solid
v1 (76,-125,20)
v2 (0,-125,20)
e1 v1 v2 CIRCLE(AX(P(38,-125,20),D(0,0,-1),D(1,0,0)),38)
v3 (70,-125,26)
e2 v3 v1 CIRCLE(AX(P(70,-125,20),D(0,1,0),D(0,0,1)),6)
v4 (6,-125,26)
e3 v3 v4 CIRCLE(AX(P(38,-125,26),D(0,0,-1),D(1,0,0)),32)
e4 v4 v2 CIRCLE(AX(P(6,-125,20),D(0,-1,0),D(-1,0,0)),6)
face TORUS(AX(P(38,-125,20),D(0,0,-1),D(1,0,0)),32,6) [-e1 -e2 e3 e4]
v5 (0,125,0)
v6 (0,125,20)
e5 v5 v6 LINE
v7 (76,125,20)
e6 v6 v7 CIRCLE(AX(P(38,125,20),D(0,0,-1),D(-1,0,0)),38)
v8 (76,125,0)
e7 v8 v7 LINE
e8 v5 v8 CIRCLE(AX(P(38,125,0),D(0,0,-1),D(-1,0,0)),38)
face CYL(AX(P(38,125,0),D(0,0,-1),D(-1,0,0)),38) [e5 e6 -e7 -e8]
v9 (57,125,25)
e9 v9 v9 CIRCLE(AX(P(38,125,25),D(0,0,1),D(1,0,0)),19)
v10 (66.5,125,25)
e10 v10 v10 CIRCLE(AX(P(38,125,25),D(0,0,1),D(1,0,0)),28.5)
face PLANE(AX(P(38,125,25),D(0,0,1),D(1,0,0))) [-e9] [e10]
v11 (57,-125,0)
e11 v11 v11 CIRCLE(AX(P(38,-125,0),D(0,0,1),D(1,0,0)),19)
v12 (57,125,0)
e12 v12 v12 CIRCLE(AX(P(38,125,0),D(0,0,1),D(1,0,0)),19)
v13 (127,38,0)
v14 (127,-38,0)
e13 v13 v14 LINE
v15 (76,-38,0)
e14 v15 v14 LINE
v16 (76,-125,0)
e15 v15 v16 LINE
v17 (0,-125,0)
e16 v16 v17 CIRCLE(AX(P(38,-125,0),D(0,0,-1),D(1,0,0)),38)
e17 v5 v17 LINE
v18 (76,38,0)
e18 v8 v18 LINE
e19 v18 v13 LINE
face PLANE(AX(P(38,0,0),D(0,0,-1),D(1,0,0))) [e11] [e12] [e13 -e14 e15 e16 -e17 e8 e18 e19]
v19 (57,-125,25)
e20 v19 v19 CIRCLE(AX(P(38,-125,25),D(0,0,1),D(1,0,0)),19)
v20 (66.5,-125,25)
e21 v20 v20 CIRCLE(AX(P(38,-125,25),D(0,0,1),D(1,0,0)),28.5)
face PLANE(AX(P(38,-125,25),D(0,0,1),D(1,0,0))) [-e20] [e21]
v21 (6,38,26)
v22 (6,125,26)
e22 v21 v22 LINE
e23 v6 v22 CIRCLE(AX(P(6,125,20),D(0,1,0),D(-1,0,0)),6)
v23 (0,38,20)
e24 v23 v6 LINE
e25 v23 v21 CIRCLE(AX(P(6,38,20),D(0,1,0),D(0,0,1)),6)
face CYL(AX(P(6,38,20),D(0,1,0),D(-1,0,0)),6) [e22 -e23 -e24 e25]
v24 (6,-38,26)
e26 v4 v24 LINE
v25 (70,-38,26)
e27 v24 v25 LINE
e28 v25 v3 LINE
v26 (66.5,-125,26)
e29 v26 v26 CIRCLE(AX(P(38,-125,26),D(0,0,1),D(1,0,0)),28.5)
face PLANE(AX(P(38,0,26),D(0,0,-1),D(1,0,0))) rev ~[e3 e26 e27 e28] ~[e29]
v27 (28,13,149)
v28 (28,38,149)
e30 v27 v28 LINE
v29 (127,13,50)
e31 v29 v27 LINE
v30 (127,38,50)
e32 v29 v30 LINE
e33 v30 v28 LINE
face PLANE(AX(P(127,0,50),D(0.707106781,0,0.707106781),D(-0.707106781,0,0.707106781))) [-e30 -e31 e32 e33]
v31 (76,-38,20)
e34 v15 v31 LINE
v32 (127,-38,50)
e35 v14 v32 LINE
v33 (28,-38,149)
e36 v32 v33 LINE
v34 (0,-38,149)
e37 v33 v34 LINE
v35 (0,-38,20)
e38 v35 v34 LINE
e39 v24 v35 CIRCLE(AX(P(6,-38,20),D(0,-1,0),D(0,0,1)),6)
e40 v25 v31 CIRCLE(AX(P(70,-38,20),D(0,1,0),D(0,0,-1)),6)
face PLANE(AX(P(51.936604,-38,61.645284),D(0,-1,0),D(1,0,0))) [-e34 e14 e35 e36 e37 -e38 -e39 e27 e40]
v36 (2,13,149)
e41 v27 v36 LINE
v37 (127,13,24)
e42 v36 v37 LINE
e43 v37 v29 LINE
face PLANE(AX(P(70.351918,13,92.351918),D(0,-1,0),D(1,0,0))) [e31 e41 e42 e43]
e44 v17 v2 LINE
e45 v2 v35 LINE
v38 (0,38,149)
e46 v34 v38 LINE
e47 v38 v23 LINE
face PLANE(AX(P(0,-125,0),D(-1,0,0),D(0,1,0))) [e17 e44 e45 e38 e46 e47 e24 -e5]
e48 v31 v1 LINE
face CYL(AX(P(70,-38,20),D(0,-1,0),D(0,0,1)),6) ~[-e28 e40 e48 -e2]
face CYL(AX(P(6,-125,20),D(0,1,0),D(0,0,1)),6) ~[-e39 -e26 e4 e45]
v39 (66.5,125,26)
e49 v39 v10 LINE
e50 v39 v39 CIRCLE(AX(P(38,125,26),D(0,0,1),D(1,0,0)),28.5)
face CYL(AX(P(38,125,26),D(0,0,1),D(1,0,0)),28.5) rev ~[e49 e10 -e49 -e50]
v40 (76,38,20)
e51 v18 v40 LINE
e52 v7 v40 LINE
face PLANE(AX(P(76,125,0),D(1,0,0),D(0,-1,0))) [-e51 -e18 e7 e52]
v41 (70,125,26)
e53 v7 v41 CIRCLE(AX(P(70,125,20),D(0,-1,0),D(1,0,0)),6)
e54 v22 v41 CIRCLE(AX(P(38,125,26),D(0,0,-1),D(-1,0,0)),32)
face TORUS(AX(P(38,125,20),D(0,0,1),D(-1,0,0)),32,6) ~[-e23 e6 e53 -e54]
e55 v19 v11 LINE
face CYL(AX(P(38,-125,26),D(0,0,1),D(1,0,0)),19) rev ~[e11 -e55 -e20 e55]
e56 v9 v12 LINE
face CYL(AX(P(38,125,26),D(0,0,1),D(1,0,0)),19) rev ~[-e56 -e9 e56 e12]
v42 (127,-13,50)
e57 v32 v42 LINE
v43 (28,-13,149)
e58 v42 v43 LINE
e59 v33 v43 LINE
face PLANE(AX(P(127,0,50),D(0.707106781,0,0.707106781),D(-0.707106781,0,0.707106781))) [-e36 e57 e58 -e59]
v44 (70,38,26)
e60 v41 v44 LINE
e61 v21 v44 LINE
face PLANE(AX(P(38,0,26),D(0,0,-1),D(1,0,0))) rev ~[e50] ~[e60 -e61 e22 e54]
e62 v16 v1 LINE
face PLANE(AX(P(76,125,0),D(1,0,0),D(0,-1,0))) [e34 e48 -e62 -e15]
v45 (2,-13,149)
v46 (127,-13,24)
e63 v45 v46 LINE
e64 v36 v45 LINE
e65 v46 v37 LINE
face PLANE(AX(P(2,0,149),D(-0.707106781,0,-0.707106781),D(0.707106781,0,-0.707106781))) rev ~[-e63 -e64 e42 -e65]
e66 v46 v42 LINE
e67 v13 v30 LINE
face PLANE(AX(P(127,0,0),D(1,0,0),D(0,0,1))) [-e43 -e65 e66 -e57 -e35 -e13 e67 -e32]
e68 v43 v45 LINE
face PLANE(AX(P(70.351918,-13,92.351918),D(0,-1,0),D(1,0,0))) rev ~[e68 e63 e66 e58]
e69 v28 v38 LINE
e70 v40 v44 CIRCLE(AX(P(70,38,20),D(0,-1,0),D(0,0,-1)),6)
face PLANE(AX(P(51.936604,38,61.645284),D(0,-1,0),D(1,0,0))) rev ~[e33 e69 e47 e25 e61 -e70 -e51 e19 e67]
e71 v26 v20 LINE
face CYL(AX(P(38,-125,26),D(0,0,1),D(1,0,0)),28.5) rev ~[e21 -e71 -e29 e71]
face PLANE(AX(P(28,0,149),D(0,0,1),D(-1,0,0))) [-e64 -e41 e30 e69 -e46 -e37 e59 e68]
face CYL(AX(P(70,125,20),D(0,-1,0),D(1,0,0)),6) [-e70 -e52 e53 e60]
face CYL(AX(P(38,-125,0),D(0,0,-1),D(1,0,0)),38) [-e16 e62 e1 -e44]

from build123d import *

# Parameters (mm, degrees)
F1_DEPTH  = 38
F4_DEPTH  = 13
F5_DEPTH  = 26
F6_R      = 19
F7_DEPTH  = 26.001
F8_R      = 28.5
F9_DEPTH  = 1
F10_R     = 19
F11_DEPTH = 26.001
F12_R     = 28.5
F13_DEPTH = 1
F14_R     = 6


with BuildPart() as f1:
    # F0 (on Front) → F1 (new body, symmetric)
    with BuildSketch(Plane.XZ):
        Polygon((0, 149), (0, 0), (127, 0), (127, 50), (28, 149), align=None)
    extrude(amount=F1_DEPTH, both=True)

    # F3 (on Front) → F4 (cut, symmetric)
    with BuildSketch(Plane.XZ):
        Polygon((127, 50), (28, 149), (2, 149), (127, 24), align=None)
    extrude(amount=F4_DEPTH, both=True, mode=Mode.SUBTRACT)

    # F2 (on face) → F5 (join)
    with BuildSketch(Plane(origin=(0, 0, 0), x_dir=(1, 0, 0), z_dir=(0, 0, -1))):
        with BuildLine():
            ThreePointArc((0, -125), (38, -163), (76, -125))
            Line((76, -125), (76, 125))
            ThreePointArc((76, 125), (38, 163), (0, 125))
            Line((0, 125), (0, -125))
        make_face()
    extrude(amount=-F5_DEPTH)

    # F6 (on face) → F7 (cut, through all)
    with BuildSketch(Plane.XY.offset(26)):
        with Locations((38, -125)):
            Circle(F6_R)
    extrude(amount=-F7_DEPTH, mode=Mode.SUBTRACT)

    # F8 (on face) → F9 (cut)
    with BuildSketch(Plane.XY.offset(26)):
        with Locations((38, -125)):
            Circle(F8_R)
    extrude(amount=-F9_DEPTH, mode=Mode.SUBTRACT)

    # F10 (on face) → F11 (cut, through all)
    with BuildSketch(Plane.XY.offset(26)):
        with Locations((38, 125)):
            Circle(F10_R)
    extrude(amount=-F11_DEPTH, mode=Mode.SUBTRACT)

    # F12 (on face) → F13 (cut)
    with BuildSketch(Plane.XY.offset(26)):
        with Locations((38, 125)):
            Circle(F12_R)
    extrude(amount=-F13_DEPTH, mode=Mode.SUBTRACT)

    # F14
    f14_edges = [f1.edges().sort_by_distance(p)[0] for p in [
        (76, -81.5, 26),
        (76, 81.5, 26),
        (0, 81.5, 26),
        (0, -81.5, 26),
        (38, -163, 26),
        (38, 163, 26),
    ]]
    fillet(f14_edges, radius=F14_R)


solid = f1.part
